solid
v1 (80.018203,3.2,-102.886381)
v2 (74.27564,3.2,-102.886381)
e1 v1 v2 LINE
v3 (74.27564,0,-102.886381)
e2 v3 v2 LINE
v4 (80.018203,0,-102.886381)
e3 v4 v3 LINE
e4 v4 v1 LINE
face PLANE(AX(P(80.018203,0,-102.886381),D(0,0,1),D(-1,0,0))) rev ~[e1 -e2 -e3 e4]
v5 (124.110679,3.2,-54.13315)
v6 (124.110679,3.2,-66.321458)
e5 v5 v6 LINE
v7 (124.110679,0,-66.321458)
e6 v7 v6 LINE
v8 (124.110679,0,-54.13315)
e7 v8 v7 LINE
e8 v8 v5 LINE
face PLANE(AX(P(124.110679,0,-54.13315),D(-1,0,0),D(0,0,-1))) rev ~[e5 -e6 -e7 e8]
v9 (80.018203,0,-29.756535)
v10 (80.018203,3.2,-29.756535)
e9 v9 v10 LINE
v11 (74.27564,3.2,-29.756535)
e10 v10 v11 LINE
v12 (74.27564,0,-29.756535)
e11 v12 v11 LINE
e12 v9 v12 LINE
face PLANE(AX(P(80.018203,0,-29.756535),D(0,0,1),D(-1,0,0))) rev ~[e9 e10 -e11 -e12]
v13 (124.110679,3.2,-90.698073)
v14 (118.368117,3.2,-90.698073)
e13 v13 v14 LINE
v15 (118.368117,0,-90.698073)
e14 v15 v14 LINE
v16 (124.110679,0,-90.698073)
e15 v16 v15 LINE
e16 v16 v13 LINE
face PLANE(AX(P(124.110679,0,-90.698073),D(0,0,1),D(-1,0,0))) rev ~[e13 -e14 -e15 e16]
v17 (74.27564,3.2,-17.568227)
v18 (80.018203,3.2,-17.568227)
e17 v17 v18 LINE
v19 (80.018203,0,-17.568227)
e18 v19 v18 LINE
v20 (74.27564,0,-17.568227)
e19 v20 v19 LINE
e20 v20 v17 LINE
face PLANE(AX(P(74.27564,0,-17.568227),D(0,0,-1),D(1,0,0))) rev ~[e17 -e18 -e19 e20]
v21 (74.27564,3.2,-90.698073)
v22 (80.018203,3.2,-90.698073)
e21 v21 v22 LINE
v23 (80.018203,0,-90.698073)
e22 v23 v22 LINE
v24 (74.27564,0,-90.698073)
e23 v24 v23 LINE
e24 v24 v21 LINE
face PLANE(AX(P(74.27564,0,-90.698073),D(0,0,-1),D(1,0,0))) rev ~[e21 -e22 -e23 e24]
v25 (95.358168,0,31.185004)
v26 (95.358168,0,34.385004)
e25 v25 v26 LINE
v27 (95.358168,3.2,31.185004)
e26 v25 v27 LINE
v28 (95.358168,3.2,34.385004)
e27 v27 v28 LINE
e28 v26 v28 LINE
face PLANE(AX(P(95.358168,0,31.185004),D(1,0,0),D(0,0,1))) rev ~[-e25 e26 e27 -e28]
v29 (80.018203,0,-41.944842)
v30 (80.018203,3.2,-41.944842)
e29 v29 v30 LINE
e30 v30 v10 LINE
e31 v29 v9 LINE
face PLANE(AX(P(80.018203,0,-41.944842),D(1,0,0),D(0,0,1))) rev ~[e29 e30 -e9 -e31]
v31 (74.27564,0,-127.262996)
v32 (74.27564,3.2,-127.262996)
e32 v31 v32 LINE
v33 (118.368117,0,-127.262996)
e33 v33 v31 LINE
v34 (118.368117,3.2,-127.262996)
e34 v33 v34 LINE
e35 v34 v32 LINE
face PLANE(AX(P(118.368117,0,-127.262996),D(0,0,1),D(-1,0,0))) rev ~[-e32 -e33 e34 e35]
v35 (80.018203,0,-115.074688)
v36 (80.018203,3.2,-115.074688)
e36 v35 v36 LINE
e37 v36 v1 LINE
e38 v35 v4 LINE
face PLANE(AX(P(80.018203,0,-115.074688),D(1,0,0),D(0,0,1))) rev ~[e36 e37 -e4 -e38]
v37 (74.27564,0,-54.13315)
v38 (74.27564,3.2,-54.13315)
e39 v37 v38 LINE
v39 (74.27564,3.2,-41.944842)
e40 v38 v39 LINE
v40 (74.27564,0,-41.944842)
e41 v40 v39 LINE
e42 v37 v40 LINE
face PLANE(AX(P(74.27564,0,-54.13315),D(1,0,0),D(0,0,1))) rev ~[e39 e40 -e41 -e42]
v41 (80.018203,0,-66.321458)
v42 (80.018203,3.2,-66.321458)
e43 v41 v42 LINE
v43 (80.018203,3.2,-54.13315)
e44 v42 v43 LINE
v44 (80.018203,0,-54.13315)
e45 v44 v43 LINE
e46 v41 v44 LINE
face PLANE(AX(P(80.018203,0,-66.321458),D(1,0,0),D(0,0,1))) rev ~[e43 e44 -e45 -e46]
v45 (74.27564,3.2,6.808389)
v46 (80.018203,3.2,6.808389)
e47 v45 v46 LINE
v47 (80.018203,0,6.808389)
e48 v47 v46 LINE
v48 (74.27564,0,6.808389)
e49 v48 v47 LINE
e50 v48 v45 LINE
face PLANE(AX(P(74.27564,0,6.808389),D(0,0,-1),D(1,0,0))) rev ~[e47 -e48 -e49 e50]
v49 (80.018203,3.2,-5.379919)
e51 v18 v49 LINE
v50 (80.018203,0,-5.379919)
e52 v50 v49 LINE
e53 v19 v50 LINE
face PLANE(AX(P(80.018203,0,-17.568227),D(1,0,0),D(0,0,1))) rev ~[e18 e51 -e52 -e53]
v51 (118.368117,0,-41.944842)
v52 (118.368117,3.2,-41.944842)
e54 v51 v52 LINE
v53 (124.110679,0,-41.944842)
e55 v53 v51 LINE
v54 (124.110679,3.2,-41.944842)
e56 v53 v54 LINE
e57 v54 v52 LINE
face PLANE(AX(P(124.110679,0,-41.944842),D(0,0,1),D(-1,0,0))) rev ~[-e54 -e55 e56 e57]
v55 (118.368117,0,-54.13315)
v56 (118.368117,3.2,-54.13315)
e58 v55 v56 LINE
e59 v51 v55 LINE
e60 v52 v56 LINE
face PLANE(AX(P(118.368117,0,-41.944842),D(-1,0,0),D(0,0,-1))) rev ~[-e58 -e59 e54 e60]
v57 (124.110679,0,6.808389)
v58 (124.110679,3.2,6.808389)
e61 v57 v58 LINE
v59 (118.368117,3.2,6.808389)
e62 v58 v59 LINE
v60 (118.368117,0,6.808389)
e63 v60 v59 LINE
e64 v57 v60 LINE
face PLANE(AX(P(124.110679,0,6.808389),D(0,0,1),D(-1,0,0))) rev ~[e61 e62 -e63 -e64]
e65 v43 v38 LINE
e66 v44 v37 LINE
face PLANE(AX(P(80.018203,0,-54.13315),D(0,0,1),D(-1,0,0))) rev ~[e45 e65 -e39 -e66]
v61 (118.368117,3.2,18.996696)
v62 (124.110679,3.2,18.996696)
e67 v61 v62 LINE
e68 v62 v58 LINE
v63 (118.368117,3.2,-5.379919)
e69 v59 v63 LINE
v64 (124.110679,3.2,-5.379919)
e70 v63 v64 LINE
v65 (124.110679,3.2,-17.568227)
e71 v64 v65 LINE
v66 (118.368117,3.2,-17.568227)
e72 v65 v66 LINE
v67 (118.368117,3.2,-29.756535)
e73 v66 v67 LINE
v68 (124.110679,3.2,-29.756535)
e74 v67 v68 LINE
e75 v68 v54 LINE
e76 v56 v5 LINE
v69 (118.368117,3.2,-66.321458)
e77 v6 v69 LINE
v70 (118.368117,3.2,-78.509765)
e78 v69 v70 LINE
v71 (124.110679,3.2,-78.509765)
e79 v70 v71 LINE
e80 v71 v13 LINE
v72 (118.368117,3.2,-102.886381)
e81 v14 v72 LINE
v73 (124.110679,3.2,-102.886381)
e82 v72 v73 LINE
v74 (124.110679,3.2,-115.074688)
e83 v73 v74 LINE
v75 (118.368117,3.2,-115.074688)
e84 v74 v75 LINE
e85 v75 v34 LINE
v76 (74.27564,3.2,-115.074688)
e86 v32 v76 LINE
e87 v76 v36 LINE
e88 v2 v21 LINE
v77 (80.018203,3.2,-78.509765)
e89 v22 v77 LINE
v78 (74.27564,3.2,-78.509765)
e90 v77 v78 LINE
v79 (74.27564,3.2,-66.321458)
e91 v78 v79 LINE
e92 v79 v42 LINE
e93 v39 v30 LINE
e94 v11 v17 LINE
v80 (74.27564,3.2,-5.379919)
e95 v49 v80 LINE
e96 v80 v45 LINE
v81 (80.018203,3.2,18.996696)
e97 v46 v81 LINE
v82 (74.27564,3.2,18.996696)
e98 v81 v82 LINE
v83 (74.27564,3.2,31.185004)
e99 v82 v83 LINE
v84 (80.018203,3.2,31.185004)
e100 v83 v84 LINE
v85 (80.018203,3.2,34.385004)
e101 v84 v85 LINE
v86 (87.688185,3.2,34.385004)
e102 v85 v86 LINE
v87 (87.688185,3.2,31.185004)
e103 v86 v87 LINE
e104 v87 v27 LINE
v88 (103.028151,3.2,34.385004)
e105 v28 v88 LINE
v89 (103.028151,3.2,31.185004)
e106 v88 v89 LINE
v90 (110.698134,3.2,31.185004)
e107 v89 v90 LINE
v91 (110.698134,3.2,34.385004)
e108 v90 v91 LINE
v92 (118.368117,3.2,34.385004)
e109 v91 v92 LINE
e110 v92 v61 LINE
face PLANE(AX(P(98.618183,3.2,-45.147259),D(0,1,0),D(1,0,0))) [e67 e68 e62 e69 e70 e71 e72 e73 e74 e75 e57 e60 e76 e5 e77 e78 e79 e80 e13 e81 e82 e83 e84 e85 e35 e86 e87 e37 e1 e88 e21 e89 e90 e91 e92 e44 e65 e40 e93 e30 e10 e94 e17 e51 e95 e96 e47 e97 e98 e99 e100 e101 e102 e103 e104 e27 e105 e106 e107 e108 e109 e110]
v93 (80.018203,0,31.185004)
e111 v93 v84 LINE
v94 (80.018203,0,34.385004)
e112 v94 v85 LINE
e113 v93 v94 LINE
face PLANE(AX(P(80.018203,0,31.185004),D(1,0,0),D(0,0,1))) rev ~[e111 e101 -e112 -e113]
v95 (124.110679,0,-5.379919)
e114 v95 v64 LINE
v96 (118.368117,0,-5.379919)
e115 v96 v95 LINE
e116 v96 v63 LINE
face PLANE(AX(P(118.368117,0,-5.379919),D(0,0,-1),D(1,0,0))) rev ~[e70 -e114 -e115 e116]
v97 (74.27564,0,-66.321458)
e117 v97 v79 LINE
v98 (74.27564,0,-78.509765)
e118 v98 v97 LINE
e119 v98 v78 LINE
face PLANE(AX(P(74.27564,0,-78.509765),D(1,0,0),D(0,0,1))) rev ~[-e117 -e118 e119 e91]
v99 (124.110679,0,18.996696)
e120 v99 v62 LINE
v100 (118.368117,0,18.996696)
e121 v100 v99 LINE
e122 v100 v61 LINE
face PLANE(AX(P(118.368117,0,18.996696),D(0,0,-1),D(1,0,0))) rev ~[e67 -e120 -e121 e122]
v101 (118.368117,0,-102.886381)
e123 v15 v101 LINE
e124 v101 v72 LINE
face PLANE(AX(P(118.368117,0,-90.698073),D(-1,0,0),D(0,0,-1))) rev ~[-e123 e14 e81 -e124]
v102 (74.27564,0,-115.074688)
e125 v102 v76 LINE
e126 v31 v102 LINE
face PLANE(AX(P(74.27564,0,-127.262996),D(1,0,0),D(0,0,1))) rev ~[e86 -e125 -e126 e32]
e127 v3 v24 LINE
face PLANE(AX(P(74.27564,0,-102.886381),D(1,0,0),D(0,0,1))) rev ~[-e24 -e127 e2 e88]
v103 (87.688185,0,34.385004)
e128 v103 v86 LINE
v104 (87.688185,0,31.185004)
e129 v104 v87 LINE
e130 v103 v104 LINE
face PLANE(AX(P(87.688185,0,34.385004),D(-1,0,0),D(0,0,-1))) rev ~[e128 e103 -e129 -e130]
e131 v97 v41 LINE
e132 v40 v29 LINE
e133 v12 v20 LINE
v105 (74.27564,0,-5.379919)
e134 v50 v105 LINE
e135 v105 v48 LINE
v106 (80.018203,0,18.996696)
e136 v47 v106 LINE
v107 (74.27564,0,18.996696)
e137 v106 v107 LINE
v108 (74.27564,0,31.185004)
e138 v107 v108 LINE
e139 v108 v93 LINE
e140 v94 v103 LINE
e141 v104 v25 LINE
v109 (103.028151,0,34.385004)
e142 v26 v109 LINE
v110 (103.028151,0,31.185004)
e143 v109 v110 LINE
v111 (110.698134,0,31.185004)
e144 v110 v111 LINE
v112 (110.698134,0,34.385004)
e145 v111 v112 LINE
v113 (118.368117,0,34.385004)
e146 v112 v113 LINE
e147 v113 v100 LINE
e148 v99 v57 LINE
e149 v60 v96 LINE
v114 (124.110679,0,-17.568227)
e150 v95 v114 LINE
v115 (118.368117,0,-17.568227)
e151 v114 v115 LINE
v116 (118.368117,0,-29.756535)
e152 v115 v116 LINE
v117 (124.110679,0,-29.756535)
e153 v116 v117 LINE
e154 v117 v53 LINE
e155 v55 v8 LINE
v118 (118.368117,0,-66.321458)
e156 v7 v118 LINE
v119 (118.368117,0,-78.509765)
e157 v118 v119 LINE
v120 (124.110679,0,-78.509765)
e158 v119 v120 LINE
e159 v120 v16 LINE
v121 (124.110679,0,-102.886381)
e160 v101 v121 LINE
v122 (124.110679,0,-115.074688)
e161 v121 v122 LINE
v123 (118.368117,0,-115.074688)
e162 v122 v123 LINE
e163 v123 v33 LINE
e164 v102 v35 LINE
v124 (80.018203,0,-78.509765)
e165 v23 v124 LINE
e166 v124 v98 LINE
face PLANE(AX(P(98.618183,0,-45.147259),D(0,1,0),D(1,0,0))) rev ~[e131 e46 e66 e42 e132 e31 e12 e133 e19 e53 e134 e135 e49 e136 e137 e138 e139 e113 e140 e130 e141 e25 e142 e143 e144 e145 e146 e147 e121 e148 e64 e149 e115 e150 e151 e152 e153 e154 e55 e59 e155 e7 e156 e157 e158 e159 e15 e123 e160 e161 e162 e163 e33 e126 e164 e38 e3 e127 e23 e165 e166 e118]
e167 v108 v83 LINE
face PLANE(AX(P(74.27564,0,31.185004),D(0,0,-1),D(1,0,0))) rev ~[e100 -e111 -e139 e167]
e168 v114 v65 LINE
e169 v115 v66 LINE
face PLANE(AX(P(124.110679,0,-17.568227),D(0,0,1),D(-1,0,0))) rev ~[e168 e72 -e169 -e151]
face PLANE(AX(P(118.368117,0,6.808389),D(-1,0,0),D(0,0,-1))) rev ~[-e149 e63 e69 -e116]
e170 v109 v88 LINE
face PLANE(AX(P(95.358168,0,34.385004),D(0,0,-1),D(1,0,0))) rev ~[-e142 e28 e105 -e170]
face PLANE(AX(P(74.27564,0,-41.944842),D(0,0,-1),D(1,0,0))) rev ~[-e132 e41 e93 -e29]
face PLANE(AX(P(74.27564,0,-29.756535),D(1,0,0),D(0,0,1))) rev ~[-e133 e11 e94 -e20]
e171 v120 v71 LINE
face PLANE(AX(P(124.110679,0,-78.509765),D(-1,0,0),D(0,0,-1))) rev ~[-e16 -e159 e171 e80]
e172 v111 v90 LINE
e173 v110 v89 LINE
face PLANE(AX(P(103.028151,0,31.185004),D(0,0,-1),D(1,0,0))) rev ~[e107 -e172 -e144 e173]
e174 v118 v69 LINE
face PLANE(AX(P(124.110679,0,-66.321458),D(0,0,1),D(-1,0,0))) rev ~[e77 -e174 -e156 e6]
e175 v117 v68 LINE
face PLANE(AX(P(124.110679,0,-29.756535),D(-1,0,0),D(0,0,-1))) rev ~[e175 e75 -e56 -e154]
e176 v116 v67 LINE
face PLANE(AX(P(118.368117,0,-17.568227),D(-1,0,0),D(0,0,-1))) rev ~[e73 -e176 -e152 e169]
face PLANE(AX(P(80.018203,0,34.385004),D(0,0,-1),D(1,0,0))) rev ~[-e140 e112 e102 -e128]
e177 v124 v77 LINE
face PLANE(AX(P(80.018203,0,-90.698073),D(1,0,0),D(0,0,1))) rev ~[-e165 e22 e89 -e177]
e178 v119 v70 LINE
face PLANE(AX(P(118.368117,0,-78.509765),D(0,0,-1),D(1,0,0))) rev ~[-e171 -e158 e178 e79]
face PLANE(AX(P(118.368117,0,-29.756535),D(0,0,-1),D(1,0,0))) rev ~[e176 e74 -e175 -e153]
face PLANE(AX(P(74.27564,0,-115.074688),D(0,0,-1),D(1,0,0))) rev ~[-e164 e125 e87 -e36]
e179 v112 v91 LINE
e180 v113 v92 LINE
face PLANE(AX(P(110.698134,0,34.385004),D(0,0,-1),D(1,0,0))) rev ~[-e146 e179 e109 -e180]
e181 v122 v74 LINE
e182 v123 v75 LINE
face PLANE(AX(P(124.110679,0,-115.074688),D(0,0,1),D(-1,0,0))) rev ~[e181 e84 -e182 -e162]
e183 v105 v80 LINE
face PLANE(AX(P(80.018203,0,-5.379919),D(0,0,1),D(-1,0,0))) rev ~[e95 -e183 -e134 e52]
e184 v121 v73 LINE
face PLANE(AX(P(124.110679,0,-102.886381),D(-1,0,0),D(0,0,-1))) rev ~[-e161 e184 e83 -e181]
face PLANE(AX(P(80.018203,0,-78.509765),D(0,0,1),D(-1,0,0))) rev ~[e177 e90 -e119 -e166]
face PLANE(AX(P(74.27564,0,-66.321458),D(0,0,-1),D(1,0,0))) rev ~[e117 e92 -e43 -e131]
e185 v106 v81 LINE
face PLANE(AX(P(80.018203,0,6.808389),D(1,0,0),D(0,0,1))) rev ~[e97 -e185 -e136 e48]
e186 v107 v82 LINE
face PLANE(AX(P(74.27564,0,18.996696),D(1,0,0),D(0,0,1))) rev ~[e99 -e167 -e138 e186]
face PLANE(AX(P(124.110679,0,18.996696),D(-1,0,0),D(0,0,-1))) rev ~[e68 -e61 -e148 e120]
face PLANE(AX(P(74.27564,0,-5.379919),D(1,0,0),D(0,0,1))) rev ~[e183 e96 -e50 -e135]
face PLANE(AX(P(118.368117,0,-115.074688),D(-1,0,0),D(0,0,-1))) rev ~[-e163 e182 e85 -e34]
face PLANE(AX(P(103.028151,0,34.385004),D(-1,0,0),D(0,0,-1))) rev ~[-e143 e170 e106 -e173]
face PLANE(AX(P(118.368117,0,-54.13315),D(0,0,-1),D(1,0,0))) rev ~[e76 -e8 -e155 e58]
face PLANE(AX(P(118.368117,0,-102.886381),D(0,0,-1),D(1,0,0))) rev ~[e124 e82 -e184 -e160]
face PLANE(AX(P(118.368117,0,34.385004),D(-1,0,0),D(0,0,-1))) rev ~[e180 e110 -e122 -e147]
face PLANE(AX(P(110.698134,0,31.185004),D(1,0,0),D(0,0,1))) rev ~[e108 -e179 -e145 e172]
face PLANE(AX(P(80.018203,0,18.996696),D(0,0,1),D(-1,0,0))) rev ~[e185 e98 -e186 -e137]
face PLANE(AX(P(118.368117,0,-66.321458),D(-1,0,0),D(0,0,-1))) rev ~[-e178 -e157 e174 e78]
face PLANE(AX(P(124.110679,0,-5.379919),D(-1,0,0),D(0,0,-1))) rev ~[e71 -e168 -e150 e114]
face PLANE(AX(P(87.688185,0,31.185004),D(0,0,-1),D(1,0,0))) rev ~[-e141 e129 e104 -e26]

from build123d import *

# Parameters (mm, degrees)
BOSS_EXTRUDE3_DEPTH = 3.2


with BuildPart() as part:
    # Sketch1 → Boss-Extrude3 (new body)
    with BuildSketch(Plane(origin=(0, 0, 0), x_dir=(1, 0, 0), z_dir=(0, 1, 0))):
        Polygon((80.018202502, -34.385003933), (87.688185358, -34.385003933), (87.688185358, -31.185003933), (95.358168214, -31.185003933), (95.358168214, -34.385003933), (103.02815107, -34.385003933), (103.02815107, -31.185003933), (110.698133926, -31.185003933), (110.698133926, -34.385003933), (118.368116782, -34.385003933), (118.368116782, -18.996696241), (124.110679366, -18.996696241), (124.110679366, -6.808388549), (118.368116782, -6.808388549), (118.368116782, 5.379919143), (124.110679366, 5.379919143), (124.110679366, 17.568226836), (118.368116782, 17.568226836), (118.368116782, 29.756534528), (124.110679366, 29.756534528), (124.110679366, 41.94484222), (118.368116782, 41.94484222), (118.368116782, 54.133149913), (124.110679366, 54.133149913), (124.110679366, 66.321457605), (118.368116782, 66.321457605), (118.368116782, 78.509765297), (124.110679366, 78.509765297), (124.110679366, 90.69807299), (118.368116782, 90.69807299), (118.368116782, 102.886380682), (124.110679366, 102.886380682), (124.110679366, 115.074688374), (118.368116782, 115.074688374), (118.368116782, 127.262996067), (74.275639917, 127.262996067), (74.275639917, 115.074688374), (80.018202502, 115.074688374), (80.018202502, 102.886380682), (74.275639917, 102.886380682), (74.275639917, 90.69807299), (80.018202502, 90.69807299), (80.018202502, 78.509765297), (74.275639917, 78.509765297), (74.275639917, 66.321457605), (80.018202502, 66.321457605), (80.018202502, 54.133149913), (74.275639917, 54.133149913), (74.275639917, 41.94484222), (80.018202502, 41.94484222), (80.018202502, 29.756534528), (74.275639917, 29.756534528), (74.275639917, 17.568226836), (80.018202502, 17.568226836), (80.018202502, 5.379919143), (74.275639917, 5.379919143), (74.275639917, -6.808388549), (80.018202502, -6.808388549), (80.018202502, -18.996696241), (74.275639917, -18.996696241), (74.275639917, -31.185003933), (80.018202502, -31.185003933), align=None)
    extrude(amount=BOSS_EXTRUDE3_DEPTH)


solid = part.part
